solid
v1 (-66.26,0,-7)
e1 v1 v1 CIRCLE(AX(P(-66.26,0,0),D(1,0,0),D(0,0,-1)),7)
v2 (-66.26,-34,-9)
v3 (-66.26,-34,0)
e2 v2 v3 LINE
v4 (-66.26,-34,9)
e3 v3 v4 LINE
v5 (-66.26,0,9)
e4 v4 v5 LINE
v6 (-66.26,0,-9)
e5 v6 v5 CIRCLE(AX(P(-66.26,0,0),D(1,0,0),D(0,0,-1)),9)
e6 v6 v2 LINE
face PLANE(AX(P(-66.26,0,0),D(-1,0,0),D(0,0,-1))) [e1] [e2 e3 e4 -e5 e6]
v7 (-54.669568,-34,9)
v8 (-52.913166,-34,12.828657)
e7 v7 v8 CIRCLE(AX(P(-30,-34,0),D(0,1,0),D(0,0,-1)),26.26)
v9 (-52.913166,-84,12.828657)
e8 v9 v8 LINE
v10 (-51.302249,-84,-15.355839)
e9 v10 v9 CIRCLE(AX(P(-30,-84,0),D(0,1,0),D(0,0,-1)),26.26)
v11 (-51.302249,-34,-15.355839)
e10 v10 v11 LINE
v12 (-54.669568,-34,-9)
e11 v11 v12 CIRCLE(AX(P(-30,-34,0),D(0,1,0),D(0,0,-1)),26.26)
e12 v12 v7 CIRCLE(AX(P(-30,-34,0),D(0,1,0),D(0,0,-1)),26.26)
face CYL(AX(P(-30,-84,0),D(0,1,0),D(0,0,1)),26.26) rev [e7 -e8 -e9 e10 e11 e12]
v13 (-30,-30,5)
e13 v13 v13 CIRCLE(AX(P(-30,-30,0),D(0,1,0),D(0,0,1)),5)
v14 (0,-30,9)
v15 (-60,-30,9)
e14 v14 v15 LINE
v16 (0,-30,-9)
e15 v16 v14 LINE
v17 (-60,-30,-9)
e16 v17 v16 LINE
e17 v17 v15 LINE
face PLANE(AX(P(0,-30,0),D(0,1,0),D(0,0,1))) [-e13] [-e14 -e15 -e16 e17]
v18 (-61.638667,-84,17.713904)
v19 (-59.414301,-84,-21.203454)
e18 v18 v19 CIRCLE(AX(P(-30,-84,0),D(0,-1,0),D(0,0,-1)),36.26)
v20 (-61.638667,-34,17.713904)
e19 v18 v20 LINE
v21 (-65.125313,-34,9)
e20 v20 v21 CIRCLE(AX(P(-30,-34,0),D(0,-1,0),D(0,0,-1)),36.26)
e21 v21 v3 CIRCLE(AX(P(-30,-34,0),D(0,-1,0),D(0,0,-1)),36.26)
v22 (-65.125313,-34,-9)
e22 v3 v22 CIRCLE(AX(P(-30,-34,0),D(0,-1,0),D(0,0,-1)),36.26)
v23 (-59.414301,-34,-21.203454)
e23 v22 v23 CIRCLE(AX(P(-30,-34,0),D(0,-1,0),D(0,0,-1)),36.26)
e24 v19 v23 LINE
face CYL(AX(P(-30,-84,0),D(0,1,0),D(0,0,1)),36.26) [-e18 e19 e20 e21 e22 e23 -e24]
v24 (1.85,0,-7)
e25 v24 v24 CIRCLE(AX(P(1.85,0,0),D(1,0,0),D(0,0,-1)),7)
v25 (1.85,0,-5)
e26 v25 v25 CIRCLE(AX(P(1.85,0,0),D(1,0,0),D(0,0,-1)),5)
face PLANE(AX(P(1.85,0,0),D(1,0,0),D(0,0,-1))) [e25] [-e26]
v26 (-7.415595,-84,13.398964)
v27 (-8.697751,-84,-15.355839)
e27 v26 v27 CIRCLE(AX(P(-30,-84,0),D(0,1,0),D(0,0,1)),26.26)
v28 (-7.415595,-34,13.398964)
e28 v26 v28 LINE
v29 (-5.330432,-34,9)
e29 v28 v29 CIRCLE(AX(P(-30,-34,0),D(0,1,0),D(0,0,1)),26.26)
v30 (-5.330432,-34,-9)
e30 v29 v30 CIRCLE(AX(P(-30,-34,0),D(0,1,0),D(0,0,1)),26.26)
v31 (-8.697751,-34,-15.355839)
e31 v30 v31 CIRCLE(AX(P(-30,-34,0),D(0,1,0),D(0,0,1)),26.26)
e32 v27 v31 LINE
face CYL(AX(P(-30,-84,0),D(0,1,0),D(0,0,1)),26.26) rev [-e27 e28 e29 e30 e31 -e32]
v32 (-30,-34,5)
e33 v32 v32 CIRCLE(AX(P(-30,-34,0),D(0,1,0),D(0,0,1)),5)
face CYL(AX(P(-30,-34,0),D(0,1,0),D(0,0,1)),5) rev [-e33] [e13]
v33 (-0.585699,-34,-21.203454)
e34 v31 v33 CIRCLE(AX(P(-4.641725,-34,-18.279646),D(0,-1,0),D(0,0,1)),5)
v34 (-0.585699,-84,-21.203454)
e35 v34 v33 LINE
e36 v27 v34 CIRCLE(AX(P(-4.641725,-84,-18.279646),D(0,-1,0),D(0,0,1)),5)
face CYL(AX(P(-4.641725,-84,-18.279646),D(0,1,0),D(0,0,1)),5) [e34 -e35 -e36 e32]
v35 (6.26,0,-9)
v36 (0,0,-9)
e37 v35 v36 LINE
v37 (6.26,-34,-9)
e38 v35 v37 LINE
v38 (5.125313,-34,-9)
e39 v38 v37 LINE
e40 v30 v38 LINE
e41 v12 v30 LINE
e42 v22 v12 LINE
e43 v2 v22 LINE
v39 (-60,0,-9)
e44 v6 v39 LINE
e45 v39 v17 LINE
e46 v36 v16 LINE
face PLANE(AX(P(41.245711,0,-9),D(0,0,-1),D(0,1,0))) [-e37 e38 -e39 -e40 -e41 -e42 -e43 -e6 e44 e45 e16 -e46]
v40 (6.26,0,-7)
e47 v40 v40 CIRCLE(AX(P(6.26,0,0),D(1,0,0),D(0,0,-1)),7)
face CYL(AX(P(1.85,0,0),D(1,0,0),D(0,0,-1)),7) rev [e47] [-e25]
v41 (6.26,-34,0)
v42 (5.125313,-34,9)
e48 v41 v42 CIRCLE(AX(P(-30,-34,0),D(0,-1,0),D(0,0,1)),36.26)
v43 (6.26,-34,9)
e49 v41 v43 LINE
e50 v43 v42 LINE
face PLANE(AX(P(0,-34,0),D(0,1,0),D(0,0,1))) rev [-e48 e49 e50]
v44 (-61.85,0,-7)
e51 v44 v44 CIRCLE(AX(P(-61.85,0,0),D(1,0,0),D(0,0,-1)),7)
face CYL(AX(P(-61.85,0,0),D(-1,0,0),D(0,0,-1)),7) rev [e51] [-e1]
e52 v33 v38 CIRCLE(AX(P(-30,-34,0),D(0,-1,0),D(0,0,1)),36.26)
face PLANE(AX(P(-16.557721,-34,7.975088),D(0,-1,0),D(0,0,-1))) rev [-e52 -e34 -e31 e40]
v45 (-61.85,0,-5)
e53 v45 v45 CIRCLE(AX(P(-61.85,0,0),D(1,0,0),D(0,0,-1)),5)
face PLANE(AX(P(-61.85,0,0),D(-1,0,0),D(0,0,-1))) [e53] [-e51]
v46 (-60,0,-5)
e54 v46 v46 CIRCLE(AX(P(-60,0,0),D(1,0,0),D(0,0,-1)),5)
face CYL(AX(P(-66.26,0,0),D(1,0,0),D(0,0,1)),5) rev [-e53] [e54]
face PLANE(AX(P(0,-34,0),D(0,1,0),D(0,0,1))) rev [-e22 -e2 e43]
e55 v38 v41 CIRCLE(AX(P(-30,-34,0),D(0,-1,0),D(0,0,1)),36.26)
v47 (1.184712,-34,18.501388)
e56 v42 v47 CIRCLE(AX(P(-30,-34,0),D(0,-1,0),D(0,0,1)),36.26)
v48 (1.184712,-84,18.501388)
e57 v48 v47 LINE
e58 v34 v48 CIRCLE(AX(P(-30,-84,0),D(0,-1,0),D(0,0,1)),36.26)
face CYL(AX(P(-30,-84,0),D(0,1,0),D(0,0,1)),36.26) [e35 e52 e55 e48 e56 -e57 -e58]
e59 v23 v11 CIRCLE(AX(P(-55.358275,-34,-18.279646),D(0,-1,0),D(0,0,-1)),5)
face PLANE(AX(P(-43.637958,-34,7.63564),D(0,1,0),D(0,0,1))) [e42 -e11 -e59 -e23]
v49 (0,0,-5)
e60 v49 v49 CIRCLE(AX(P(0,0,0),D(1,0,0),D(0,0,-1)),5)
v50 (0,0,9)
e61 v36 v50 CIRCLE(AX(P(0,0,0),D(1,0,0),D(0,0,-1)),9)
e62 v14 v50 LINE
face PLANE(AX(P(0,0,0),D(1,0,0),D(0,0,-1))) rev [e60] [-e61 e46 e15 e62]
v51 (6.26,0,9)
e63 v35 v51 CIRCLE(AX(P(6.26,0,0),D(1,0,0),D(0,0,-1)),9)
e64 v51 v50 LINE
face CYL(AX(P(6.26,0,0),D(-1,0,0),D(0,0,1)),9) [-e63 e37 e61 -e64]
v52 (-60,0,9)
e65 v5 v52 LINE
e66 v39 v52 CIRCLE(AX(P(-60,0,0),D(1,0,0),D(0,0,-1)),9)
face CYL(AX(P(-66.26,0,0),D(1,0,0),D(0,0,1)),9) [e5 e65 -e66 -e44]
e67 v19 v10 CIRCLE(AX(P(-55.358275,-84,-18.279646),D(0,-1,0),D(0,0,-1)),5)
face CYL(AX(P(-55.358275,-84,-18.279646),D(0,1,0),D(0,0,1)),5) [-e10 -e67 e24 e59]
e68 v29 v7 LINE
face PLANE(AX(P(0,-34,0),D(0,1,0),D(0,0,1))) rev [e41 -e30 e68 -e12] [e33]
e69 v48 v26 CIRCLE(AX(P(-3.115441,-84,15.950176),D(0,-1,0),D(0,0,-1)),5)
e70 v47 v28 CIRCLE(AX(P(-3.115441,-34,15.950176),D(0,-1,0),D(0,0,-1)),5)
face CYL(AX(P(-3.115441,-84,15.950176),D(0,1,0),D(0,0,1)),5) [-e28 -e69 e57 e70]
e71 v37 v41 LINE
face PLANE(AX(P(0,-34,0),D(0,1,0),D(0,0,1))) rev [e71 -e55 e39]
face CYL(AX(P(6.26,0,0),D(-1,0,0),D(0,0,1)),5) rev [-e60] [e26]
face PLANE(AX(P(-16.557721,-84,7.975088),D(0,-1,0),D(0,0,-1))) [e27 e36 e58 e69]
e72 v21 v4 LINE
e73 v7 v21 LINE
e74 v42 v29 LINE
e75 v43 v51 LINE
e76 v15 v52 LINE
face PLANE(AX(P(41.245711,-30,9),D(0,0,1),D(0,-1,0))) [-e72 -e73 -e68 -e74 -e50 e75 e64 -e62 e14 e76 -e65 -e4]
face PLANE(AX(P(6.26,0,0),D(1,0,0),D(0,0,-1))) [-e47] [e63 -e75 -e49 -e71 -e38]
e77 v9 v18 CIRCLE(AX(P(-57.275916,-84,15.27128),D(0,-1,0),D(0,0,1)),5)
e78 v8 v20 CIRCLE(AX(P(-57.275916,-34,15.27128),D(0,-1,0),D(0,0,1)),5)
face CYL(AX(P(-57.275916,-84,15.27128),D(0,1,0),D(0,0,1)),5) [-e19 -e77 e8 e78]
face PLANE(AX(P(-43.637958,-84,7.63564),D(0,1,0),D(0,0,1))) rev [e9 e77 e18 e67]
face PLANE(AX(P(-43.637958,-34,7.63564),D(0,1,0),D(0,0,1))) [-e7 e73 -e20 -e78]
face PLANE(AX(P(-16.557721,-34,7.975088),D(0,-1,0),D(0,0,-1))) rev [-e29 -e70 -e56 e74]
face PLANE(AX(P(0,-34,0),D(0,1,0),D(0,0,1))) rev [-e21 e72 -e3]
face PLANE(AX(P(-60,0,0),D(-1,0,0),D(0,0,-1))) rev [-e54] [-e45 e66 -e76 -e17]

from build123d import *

# Parameters (mm, degrees)
SKETCH1_R           = 9
SKETCH1_R_2         = 5
BOSS_EXTRUDE1_DEPTH = 6.26
BOSS_EXTRUDE2_DEPTH = 6.26
SKETCH2_R           = 7
CUT_EXTRUDE1_DEPTH  = 4.41
SKETCH4_W           = 36.26
SKETCH4_H           = 18
BOSS_EXTRUDE3_DEPTH = 4
SKETCH5_R           = 5
CUT_EXTRUDE2_DEPTH  = 5
BOSS_EXTRUDE4_DEPTH = 50


with BuildPart() as part:
    # Sketch1 → Boss-Extrude1 (new body)
    with BuildSketch(Plane(origin=(0, 0, 0), x_dir=(0, 0, -1), z_dir=(1, 0, 0))):
        Circle(SKETCH1_R)
        Circle(SKETCH1_R_2, mode=Mode.SUBTRACT)
    extrude(amount=BOSS_EXTRUDE1_DEPTH)

    # Sketch3 → Boss-Extrude2 (add)
    with BuildSketch(Plane.ZY):
        with BuildLine():
            Line((-9, 0), (-9, -30))
            Line((-9, -30), (9, -30))
            Line((9, -30), (9, 0))
            Line((9, 0), (5, 0))
            ThreePointArc((5, 0), (0, -5), (-5, 0))
            Line((-5, 0), (-9, 0))
        make_face()
    extrude(amount=-BOSS_EXTRUDE2_DEPTH)

    # Sketch2 → Cut-Extrude1 (cut)
    with BuildSketch(Plane(origin=(6.26, 0, 0), x_dir=(0, 0, -1), z_dir=(1, 0, 0))):
        Circle(SKETCH2_R)
    extrude(amount=-CUT_EXTRUDE1_DEPTH, mode=Mode.SUBTRACT)

    # Sketch4 → Boss-Extrude3 (add)
    with BuildSketch(Plane.XZ.offset(30)):
        with Locations((-11.87, 0)):
            Rectangle(SKETCH4_W, SKETCH4_H)
    extrude(amount=BOSS_EXTRUDE3_DEPTH)

    # Mirror2: part across plane


with BuildPart() as part_1:
    add(part.part)
    add(part.part.mirror(Plane(origin=(-30, -34, 9), x_dir=(0, 0, 1), z_dir=(1, 0, 0))))

    # Sketch5 → Cut-Extrude2 (cut, through all)
    with BuildSketch(Plane(origin=(0, -30, 0), x_dir=(1, 0, 0), z_dir=(0, 1, 0))):
        with Locations((-30, 0)):
            Circle(SKETCH5_R)
    extrude(amount=-CUT_EXTRUDE2_DEPTH, mode=Mode.SUBTRACT)

    # Sketch6 → Boss-Extrude4 (add)
    with BuildSketch(Plane.XZ.offset(34)):
        with BuildLine():
            ThreePointArc((1.184711928, 18.501387568), (6.224007517, -1.615202581), (-0.585698563, -21.203454222))
            ThreePointArc((-0.585698563, -21.203454222), (-7.565532493, -22.335672537), (-8.697750807, -15.355838607))
            ThreePointArc((-8.697750807, -15.355838607), (-3.76606626, -1.169752338), (-7.415594726, 13.39896408))
            ThreePointArc((-7.415594726, 13.39896408), (-5.666653143, 20.250329151), (1.184711928, 18.501387568))
        make_face()
        with BuildLine():
            ThreePointArc((-61.638666525, 17.713903593), (-66.200917241, -2.069103891), (-59.414301437, -21.203454222))
            ThreePointArc((-59.414301437, -21.203454222), (-52.434467507, -22.335672537), (-51.302249193, -15.355838607))
            ThreePointArc((-51.302249193, -15.355838607), (-56.217211438, -1.498474026), (-52.913165553, 12.828657153))
            ThreePointArc((-52.913165553, 12.828657153), (-54.833292819, 19.634030859), (-61.638666525, 17.713903593))
        make_face()
    extrude(amount=BOSS_EXTRUDE4_DEPTH)


solid = part_1.part
